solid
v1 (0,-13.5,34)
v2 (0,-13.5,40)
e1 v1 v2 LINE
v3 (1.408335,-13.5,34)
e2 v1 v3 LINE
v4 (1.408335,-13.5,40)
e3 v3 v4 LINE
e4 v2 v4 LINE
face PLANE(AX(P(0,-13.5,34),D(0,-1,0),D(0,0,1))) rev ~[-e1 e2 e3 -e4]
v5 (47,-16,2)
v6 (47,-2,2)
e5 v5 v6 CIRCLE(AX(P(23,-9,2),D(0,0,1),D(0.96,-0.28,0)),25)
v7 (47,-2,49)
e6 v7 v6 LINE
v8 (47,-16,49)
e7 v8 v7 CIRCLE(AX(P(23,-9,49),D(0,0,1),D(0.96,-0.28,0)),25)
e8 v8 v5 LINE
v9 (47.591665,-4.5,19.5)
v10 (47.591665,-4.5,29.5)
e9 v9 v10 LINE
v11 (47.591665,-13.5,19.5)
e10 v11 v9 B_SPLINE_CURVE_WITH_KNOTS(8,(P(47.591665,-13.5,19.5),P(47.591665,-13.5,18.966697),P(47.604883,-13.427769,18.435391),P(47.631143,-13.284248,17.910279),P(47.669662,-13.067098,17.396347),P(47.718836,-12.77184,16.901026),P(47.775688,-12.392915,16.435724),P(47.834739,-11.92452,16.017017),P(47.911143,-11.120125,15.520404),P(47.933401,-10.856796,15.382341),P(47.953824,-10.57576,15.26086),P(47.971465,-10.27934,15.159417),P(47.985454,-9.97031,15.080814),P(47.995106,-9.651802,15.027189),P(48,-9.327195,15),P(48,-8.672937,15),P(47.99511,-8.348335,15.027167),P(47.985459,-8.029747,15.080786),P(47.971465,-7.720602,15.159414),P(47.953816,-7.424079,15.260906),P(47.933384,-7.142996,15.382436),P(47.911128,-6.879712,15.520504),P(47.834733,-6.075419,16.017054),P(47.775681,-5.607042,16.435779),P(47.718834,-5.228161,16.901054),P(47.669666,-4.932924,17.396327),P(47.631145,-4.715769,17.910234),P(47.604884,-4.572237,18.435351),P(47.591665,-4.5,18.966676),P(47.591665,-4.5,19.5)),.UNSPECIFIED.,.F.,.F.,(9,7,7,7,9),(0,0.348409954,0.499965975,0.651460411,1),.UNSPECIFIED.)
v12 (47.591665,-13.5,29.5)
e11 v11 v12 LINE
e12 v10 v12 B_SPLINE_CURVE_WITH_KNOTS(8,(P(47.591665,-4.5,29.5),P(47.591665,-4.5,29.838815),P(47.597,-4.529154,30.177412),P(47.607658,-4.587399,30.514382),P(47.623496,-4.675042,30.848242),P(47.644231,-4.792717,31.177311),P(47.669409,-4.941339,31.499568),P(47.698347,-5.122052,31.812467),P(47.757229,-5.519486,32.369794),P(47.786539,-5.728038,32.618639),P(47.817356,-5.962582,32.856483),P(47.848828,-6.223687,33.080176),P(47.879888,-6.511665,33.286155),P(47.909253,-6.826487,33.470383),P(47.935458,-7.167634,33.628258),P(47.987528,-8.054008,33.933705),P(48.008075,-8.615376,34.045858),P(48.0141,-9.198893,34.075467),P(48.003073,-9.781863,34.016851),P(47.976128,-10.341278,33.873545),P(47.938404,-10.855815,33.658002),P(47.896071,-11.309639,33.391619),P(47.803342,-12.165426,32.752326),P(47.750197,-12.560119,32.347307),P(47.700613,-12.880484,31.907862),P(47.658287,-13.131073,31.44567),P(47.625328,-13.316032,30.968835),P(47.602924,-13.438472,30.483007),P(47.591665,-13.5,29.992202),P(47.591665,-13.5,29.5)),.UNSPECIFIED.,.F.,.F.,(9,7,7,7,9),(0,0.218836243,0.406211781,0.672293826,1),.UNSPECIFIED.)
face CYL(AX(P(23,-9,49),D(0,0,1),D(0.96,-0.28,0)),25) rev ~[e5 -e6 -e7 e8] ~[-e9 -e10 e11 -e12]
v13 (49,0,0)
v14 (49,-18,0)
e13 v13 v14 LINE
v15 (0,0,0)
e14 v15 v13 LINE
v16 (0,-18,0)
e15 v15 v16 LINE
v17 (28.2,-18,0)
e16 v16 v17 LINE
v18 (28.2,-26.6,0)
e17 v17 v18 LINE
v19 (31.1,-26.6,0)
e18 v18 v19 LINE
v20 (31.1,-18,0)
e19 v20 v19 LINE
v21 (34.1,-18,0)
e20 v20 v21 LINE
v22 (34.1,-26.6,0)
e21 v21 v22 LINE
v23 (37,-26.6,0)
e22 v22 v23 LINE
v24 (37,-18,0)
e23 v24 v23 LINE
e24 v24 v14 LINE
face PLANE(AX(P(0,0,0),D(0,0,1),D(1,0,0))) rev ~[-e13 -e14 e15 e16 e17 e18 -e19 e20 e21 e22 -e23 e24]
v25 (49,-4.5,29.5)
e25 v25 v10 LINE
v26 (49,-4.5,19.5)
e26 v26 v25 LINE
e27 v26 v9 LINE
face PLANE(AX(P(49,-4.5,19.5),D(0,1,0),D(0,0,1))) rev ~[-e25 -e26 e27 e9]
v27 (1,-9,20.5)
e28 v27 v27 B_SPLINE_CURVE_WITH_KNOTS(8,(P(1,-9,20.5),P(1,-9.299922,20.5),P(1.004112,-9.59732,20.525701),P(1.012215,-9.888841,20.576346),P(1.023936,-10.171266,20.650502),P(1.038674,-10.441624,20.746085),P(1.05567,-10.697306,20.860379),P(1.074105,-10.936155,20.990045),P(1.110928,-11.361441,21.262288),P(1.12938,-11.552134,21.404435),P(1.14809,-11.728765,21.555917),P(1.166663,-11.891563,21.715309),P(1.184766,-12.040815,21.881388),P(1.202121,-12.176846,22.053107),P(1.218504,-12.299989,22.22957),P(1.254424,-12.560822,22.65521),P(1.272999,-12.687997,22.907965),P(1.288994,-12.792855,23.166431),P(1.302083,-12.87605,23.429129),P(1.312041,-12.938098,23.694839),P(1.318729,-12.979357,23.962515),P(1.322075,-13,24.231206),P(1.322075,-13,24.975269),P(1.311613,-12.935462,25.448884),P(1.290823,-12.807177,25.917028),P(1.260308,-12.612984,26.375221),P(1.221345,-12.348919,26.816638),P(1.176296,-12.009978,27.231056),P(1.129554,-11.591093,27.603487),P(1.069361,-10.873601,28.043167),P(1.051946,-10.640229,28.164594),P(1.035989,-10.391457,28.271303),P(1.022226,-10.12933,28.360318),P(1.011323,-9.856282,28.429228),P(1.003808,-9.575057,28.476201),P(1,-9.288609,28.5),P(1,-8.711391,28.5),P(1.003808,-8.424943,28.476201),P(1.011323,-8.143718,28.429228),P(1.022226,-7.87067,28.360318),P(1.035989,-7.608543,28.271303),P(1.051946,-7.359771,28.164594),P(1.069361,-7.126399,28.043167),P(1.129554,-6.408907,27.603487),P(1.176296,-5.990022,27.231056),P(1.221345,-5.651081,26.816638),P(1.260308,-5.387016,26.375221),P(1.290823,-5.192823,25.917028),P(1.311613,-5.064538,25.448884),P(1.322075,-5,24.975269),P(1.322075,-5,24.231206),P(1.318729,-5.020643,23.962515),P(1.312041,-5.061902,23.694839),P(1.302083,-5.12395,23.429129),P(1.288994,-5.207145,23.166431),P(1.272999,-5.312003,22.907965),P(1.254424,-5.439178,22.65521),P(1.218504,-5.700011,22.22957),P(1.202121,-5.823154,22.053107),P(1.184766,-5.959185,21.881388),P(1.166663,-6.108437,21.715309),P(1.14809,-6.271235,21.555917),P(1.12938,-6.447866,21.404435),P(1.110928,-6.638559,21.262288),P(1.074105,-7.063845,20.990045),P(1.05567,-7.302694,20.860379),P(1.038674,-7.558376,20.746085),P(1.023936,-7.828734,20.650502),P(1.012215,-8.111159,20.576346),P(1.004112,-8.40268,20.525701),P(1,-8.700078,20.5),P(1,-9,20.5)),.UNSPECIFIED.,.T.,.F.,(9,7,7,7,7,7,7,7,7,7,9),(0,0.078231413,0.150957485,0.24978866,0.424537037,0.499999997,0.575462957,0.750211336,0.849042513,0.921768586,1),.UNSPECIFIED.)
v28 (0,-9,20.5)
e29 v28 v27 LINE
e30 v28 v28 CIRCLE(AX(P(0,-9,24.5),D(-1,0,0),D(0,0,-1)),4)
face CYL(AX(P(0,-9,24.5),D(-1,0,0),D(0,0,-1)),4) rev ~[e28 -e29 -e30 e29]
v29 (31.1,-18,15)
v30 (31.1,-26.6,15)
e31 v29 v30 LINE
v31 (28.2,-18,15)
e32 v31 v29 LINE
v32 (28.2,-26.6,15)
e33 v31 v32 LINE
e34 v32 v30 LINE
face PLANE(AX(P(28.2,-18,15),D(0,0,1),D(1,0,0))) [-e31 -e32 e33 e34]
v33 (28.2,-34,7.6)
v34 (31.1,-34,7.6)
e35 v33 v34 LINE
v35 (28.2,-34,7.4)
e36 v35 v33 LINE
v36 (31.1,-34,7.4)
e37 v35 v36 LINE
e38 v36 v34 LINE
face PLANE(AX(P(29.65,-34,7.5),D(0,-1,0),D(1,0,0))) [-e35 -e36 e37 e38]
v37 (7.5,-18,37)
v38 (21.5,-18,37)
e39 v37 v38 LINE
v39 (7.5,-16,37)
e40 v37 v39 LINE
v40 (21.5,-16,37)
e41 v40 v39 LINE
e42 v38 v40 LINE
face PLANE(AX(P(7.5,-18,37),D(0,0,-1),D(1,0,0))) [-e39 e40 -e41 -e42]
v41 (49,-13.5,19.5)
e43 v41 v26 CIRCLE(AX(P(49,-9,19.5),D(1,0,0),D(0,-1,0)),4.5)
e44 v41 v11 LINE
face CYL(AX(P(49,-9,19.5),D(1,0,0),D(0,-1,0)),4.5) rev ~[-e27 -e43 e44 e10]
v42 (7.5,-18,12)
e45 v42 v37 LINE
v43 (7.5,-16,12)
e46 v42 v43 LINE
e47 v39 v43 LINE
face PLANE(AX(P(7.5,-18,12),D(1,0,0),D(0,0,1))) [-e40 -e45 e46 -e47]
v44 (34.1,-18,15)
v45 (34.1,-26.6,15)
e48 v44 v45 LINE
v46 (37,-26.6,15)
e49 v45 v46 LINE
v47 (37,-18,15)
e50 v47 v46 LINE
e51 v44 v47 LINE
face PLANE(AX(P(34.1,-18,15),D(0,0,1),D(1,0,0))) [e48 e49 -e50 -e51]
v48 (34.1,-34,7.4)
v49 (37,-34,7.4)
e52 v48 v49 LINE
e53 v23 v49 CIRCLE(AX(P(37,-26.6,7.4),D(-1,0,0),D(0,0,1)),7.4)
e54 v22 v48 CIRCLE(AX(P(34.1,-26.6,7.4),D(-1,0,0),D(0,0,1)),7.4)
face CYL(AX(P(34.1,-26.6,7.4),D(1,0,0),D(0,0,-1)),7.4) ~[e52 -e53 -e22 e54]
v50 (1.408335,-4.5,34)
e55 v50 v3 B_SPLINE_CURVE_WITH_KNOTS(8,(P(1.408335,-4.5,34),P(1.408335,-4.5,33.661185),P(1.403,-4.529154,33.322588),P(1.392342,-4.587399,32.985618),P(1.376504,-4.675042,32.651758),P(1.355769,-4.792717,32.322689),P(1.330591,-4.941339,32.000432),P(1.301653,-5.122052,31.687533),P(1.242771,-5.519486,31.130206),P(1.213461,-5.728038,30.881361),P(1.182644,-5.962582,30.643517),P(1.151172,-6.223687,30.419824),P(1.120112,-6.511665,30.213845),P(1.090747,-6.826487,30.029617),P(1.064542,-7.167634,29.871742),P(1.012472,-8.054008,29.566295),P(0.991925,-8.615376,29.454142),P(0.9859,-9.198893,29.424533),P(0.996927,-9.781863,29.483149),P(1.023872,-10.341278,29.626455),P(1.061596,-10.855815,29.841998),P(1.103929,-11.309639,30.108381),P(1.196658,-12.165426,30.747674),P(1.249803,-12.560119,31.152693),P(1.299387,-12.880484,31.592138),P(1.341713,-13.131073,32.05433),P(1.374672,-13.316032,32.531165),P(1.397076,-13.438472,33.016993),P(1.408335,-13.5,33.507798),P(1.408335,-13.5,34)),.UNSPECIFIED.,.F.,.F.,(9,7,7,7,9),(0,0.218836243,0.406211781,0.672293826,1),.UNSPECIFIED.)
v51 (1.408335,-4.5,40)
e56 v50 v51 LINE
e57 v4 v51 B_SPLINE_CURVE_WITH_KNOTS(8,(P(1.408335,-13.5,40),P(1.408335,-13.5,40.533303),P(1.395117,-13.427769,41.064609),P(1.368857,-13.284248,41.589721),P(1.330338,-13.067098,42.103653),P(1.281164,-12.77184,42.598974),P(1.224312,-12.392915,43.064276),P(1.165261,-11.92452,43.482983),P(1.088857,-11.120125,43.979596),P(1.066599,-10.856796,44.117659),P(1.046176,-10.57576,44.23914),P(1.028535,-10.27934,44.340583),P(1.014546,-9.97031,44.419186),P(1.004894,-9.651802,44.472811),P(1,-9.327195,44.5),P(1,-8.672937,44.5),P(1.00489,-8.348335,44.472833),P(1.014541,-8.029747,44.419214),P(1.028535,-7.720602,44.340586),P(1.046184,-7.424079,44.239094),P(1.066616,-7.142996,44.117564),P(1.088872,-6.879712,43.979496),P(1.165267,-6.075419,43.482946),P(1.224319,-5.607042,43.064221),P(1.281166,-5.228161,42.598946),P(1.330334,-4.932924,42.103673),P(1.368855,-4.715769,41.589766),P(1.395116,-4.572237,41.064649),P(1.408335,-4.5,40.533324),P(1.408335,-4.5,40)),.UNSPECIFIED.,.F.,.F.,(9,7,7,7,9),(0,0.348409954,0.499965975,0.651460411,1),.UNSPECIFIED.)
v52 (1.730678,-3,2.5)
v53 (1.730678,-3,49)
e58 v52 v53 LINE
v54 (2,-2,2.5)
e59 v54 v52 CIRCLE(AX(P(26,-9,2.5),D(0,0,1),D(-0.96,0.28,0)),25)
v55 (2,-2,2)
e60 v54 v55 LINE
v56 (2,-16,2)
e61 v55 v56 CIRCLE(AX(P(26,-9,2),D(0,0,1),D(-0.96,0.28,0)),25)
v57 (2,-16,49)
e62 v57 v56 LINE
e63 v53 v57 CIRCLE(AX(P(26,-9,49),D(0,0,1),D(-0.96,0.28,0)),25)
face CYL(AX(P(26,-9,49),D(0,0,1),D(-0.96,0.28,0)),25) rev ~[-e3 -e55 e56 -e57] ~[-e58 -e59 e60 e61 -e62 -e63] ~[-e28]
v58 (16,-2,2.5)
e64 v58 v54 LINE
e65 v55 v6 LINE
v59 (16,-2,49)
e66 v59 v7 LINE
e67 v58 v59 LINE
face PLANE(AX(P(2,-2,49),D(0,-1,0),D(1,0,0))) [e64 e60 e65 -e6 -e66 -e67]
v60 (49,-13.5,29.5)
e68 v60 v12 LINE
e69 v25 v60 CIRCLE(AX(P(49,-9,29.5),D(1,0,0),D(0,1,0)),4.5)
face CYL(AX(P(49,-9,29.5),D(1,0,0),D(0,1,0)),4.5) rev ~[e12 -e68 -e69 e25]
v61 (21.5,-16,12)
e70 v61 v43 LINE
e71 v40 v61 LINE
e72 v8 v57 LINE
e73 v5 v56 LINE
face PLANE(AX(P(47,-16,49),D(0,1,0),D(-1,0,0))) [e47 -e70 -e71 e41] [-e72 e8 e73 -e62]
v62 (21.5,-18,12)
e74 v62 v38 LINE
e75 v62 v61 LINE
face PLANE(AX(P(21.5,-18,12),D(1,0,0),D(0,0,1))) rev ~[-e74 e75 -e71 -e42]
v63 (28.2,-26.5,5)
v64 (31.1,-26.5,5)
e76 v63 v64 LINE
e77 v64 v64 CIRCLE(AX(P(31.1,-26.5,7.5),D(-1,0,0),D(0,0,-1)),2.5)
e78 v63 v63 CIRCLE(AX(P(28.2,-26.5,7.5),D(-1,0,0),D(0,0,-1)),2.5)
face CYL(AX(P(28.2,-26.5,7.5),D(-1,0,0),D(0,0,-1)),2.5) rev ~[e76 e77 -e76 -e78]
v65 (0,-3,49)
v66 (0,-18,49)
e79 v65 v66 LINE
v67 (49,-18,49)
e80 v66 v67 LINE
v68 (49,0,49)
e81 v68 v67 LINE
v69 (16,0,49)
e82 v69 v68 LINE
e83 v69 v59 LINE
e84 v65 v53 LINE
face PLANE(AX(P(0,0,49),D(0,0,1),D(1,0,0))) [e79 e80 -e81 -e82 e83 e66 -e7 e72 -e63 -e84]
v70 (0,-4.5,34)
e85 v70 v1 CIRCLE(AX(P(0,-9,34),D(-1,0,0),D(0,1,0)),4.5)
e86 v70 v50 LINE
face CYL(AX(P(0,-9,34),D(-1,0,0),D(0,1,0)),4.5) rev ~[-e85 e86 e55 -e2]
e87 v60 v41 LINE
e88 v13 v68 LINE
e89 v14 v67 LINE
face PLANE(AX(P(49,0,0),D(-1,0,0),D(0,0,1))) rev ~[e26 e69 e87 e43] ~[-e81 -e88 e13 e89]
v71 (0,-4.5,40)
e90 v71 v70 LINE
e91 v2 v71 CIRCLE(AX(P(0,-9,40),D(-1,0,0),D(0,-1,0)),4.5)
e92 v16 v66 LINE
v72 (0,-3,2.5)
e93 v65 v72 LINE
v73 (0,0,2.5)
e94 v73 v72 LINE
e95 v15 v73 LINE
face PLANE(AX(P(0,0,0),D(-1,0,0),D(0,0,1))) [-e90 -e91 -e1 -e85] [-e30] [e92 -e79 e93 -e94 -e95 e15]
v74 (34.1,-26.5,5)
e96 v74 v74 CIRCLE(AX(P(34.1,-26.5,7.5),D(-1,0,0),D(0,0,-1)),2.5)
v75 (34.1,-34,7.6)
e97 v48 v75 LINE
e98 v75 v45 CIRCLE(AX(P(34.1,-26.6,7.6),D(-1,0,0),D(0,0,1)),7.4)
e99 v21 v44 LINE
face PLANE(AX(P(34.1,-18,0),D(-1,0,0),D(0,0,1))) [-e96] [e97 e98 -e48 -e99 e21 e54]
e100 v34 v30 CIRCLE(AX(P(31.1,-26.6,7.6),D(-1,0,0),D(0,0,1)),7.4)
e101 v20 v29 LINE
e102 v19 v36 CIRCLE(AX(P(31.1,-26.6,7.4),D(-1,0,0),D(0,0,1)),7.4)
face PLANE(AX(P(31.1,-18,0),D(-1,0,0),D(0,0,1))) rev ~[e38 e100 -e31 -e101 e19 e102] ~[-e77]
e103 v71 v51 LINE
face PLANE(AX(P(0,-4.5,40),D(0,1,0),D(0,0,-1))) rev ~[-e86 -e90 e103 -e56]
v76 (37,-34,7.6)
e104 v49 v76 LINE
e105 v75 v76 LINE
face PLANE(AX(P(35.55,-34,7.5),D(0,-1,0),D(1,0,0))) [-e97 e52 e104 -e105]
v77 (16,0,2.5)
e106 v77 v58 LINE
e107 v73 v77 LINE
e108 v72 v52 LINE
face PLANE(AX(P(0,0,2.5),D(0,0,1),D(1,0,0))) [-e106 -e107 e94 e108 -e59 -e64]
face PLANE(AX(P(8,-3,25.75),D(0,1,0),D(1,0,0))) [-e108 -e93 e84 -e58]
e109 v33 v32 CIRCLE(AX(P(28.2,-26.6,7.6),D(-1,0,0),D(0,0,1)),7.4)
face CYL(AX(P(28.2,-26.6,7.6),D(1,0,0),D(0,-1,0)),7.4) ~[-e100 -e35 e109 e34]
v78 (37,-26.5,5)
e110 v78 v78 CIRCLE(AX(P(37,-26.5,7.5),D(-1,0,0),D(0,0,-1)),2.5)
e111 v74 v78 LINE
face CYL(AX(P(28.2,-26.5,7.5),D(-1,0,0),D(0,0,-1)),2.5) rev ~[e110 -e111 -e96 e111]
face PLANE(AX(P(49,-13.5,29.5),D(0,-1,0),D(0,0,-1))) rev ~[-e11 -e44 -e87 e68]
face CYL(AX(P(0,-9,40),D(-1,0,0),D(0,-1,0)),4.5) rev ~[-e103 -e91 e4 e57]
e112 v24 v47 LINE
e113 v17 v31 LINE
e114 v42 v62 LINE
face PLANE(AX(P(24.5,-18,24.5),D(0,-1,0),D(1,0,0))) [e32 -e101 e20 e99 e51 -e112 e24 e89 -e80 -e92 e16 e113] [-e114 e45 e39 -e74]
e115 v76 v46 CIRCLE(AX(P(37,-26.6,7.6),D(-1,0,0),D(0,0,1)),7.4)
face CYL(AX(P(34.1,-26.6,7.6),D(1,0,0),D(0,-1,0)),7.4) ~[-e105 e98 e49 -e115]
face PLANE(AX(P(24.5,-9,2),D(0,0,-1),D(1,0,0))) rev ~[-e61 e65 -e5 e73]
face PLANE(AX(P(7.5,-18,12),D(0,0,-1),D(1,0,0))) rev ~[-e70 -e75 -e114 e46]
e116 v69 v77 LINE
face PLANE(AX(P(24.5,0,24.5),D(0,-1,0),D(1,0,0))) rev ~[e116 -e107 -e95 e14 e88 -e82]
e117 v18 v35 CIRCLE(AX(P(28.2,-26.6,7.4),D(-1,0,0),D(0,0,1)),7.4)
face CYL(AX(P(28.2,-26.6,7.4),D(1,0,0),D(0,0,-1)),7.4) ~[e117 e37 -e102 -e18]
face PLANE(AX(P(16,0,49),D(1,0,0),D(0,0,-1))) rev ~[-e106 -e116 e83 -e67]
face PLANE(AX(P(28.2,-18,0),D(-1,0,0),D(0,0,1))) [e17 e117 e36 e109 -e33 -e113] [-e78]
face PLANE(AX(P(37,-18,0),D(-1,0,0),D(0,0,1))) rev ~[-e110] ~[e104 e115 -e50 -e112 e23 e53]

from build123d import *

# Parameters (mm, degrees)
SKETCH_W        = 49
SKETCH_H        = 49
PAD_DEPTH       = 18
POCKET_DEPTH    = 47
SKETCH002_W     = 14
SKETCH002_H     = 25
POCKET001_DEPTH = 5
SKETCH003_W     = 16
SKETCH003_H     = 46.5
POCKET002_DEPTH = 3
SKETCH004_W     = 2.9
SKETCH004_H     = 15
PAD001_DEPTH    = 16
SKETCH005_R     = 2.5
POCKET003_DEPTH = 20.801
POCKET004_DEPTH = 5
POCKET005_DEPTH = 5
FILLET_R        = 7.4
SKETCH008_R     = 4
POCKET006_DEPTH = 5


with BuildPart() as part:
    # Sketch → Pad (new body)
    with BuildSketch(Plane.XZ):
        with Locations((24.5, 24.5)):
            Rectangle(SKETCH_W, SKETCH_H)
    extrude(amount=PAD_DEPTH)

    # Sketch001 (on Face1 of Pad) → Pocket (cut)
    with BuildSketch(Plane(origin=(0, 0, 49), x_dir=(-1, 0, 0), z_dir=(0, 0, 1))):
        with BuildLine():
            Line((-47, 16), (-2, 16))
            ThreePointArc((-2, 2), (-1, 9), (-2, 16))
            Line((-2, 2), (-47, 2))
            ThreePointArc((-47, 16), (-48, 9), (-47, 2))
        make_face()
    extrude(amount=-POCKET_DEPTH, mode=Mode.SUBTRACT)

    # Sketch002 (on Face4 of Pocket) → Pocket001 (cut)
    with BuildSketch(Plane.XZ.offset(18)):
        with Locations((14.5, 24.5)):
            Rectangle(SKETCH002_W, SKETCH002_H)
    extrude(amount=-POCKET001_DEPTH, mode=Mode.SUBTRACT)

    # Sketch003 (on Face3 of Pocket001) → Pocket002 (cut)
    with BuildSketch(Plane(origin=(0, 0, 0), x_dir=(1, 0, 0), z_dir=(0, 1, 0))):
        with Locations((8, -25.75)):
            Rectangle(SKETCH003_W, SKETCH003_H)
    extrude(amount=-POCKET002_DEPTH, mode=Mode.SUBTRACT)

    # Sketch004 (on Face10 of Pocket002) → Pad001 (join)
    with BuildSketch(Plane.XZ.offset(18)):
        with Locations((29.65, 7.5)):
            Rectangle(SKETCH004_W, SKETCH004_H)
        with Locations((35.55, 7.5)):
            Rectangle(SKETCH004_W, SKETCH004_H)
    extrude(amount=PAD001_DEPTH)

    # Sketch005 (on Face19 of Pad001) → Pocket003 (cut, through all)
    with BuildSketch(Plane(origin=(28.2, 0, 0), x_dir=(0, 0, -1), z_dir=(-1, 0, 0))):
        with Locations((-7.5, 26.5)):
            Circle(SKETCH005_R)
    extrude(amount=-POCKET003_DEPTH, mode=Mode.SUBTRACT)

    # Sketch006 (on Face9 of Pocket003) → Pocket004 (cut)
    with BuildSketch(Plane(origin=(49, 0, 0), x_dir=(0, 0, 1), z_dir=(1, 0, 0))):
        with BuildLine():
            ThreePointArc((19.5, 13.5), (15, 9), (19.5, 4.5))
            Line((19.5, 4.5), (29.5, 4.5))
            ThreePointArc((29.5, 4.5), (34, 9), (29.5, 13.5))
            Line((29.5, 13.5), (19.5, 13.5))
        make_face()
    extrude(amount=-POCKET004_DEPTH, mode=Mode.SUBTRACT)

    # Sketch007 (on Face11 of Pocket004) → Pocket005 (cut)
    with BuildSketch(Plane(origin=(0, 0, 0), x_dir=(0, 0, -1), z_dir=(-1, 0, 0))):
        with BuildLine():
            ThreePointArc((-40, 13.5), (-44.5, 9), (-40, 4.5))
            Line((-40, 4.5), (-34, 4.5))
            ThreePointArc((-34, 4.5), (-29.5, 9), (-34, 13.5))
            Line((-34, 13.5), (-40, 13.5))
        make_face()
    extrude(amount=-POCKET005_DEPTH, mode=Mode.SUBTRACT)

    # Fillet
    fillet_edges = [part.edges().sort_by_distance(p)[0] for p in [
        (29.65, -34, 15),
        (35.55, -34, 15),
        (35.55, -34, 0),
        (29.65, -34, 0),
    ]]
    fillet(fillet_edges, radius=FILLET_R)

    # Sketch008 (on Face11 of Fillet) → Pocket006 (cut)
    with BuildSketch(Plane(origin=(0, 0, 0), x_dir=(0, 0, -1), z_dir=(-1, 0, 0))):
        with Locations((-24.5, 9)):
            Circle(SKETCH008_R)
    extrude(amount=-POCKET006_DEPTH, mode=Mode.SUBTRACT)


solid = part.part
